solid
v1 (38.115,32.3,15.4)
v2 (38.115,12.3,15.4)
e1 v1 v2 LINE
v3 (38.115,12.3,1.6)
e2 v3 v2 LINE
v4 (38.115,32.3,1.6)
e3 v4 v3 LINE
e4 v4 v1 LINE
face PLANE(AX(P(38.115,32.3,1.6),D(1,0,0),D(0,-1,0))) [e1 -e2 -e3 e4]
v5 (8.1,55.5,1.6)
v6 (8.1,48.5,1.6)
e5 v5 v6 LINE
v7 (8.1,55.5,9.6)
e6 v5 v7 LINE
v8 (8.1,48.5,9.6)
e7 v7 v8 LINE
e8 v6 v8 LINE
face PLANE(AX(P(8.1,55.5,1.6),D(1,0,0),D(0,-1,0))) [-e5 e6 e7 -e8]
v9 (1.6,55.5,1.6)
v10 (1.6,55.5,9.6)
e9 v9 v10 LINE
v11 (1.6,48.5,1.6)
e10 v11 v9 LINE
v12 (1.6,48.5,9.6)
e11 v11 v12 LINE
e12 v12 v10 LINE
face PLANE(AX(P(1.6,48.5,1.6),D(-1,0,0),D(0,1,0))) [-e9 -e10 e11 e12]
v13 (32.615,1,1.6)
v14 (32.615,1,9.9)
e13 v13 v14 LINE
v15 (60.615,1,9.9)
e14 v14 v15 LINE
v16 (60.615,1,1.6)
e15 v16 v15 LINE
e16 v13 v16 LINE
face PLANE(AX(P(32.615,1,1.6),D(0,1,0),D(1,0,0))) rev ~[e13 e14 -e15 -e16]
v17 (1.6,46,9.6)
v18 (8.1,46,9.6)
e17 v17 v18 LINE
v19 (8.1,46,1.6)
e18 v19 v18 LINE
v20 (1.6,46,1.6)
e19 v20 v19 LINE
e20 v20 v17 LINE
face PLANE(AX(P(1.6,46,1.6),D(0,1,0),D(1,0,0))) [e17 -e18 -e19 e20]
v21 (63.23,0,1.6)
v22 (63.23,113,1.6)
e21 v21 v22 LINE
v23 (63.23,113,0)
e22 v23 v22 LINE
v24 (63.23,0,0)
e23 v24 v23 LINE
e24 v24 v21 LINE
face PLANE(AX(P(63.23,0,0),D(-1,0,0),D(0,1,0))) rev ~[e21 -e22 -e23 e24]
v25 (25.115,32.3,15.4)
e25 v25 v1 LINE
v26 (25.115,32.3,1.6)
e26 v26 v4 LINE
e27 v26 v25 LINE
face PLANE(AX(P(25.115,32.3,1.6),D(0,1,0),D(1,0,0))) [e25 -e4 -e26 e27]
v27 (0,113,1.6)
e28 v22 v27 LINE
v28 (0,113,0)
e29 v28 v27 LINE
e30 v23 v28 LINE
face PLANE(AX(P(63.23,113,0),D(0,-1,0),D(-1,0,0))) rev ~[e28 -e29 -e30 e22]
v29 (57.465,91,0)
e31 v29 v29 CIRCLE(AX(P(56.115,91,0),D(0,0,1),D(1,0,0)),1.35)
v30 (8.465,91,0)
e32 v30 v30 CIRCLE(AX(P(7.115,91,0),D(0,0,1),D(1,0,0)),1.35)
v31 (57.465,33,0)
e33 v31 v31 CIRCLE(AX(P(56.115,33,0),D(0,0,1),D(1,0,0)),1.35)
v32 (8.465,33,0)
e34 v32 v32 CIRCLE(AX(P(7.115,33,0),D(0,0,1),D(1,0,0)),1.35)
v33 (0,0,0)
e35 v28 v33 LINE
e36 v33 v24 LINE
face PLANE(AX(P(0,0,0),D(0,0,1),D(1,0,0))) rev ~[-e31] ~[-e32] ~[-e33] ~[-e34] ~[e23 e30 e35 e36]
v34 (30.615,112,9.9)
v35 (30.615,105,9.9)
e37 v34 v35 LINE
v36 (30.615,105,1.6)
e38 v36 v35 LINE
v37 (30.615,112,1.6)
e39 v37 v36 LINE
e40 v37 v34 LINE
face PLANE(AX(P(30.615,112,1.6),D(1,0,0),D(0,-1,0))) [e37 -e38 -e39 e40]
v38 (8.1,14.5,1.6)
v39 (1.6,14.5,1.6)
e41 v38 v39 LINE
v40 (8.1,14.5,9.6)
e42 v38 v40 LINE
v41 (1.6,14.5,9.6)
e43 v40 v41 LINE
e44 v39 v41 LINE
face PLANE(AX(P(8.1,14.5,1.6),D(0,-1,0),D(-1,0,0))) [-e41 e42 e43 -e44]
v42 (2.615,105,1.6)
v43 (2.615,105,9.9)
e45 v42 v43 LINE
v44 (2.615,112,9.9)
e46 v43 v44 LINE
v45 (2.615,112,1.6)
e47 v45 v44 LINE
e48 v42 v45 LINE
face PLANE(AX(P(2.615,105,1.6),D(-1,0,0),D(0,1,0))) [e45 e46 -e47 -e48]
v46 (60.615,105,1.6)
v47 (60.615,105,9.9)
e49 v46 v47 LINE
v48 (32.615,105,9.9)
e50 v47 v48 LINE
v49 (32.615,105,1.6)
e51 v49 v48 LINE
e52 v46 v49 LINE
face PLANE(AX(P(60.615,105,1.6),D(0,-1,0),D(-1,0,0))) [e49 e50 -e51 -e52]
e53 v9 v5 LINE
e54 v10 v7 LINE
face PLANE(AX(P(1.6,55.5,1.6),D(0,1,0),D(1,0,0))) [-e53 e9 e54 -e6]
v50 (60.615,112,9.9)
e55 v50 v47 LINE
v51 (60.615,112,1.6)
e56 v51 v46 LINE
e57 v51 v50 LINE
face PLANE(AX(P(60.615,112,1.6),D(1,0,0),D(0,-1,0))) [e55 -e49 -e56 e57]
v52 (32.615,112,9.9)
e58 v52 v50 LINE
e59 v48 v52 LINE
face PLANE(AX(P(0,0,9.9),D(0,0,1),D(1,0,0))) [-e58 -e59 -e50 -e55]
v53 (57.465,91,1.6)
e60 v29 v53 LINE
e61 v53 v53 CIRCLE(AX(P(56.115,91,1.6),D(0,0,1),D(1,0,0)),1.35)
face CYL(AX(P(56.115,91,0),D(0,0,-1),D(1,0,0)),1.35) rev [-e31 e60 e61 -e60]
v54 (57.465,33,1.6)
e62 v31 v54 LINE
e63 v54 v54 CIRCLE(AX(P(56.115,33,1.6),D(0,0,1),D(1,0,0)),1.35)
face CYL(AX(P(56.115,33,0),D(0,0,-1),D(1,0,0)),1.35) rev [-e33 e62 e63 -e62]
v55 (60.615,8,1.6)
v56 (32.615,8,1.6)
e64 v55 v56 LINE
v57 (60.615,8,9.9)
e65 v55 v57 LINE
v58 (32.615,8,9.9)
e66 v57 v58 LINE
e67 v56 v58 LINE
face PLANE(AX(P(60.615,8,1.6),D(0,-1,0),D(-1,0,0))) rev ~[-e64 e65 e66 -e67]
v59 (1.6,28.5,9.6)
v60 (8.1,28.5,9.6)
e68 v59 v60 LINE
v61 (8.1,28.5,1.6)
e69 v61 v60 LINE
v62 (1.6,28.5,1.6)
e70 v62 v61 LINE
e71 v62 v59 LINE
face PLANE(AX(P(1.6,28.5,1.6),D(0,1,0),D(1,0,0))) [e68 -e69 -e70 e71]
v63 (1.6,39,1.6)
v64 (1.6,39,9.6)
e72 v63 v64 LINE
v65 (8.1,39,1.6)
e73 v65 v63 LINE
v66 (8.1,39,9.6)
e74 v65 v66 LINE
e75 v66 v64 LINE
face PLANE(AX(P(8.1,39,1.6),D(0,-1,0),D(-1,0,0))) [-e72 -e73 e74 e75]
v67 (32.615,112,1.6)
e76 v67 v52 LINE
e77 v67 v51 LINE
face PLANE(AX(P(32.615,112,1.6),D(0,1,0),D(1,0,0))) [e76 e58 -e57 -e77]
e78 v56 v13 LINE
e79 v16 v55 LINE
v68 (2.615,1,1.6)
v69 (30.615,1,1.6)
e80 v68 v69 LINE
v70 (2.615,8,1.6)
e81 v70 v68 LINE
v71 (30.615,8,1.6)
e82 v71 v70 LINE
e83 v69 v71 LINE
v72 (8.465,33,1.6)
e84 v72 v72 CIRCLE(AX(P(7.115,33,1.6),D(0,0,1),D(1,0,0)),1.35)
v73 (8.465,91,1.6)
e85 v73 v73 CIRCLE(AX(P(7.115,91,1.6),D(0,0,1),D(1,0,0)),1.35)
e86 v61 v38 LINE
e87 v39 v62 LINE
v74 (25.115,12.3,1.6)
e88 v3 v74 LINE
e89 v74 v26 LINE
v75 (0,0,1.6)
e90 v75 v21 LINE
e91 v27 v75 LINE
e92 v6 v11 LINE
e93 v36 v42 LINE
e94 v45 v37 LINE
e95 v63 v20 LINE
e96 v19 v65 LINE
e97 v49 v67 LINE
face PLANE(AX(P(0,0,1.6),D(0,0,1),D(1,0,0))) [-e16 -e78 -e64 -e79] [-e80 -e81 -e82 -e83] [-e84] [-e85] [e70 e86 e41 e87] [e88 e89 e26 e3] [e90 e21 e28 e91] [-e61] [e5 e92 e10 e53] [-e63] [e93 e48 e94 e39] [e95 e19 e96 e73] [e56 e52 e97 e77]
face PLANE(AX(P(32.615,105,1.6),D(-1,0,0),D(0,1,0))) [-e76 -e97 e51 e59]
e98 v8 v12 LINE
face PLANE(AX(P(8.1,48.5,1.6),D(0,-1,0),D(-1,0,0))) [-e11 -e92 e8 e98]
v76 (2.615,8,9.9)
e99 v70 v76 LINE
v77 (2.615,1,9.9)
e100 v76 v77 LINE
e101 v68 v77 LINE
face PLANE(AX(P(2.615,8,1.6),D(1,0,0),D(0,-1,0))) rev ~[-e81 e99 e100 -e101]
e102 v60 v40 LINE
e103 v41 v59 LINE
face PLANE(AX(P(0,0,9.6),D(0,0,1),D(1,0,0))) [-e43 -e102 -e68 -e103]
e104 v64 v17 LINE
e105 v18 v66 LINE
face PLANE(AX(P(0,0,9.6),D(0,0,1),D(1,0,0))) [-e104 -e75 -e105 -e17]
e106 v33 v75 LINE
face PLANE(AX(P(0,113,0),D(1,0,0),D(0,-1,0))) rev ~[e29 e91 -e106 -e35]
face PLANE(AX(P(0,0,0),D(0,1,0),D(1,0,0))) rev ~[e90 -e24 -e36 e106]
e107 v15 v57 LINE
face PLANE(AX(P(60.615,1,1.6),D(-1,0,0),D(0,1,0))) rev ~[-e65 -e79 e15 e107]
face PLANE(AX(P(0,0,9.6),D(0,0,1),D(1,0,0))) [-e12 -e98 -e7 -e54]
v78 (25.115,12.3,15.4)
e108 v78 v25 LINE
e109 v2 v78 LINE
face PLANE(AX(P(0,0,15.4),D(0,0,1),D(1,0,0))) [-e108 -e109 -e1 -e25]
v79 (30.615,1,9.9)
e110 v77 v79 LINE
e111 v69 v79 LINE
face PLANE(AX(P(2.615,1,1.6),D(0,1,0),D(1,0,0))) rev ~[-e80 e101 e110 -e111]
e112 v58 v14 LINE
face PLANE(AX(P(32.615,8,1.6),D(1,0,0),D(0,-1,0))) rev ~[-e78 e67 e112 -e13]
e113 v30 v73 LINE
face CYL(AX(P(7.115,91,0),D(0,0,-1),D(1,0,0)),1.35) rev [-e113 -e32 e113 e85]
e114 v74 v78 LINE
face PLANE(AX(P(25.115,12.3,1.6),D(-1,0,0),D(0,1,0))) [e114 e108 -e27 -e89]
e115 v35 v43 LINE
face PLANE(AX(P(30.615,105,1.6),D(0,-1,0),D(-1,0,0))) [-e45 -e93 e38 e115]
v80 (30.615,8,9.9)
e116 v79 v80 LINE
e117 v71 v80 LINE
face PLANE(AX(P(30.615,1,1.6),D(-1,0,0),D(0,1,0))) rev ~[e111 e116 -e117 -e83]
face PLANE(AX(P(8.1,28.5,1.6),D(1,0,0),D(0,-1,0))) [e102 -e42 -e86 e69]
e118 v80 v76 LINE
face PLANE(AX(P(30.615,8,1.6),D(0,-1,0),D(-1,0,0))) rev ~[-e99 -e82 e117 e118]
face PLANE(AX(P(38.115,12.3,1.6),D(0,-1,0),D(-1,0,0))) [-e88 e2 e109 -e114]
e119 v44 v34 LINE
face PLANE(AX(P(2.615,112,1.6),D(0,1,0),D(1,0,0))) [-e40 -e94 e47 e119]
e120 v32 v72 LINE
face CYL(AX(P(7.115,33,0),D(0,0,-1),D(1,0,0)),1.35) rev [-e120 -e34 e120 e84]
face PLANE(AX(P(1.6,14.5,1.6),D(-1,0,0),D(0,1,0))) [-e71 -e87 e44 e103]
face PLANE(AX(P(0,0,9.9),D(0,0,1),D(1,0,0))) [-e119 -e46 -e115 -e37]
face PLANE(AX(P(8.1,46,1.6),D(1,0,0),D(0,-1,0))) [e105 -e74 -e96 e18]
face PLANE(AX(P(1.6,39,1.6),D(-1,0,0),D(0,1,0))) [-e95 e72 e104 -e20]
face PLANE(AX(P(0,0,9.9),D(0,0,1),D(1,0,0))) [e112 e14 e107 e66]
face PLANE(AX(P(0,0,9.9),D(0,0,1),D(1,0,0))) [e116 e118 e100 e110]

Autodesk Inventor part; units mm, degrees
ref_plane "YZ Plane" through (0, 0, 0) normal (1, 0, 0) x (0, 1, 0)
ref_plane "XZ Plane" through (0, 0, 0) normal (0, 1, 0) x (-1, 0, 0)
ref_plane "XY Plane" through (0, 0, 0) normal (0, 0, 1) x (1, 0, 0)
sketch "Sketch1" plane through (0, 0, 0) normal (0, 0, 1) x (1, 0, 0)
  line L0 (0, 0) -> (63.23, 0)
  line L1 (63.23, 0) -> (63.23, 113)
  line L2 (63.23, 113) -> (0, 113)
  line L3 (0, 113) -> (0, 0)
  line L4 (7.115, 91) -> (56.115, 91) construction
  line L5 (56.115, 91) -> (56.115, 33) construction
  line L6 (56.115, 33) -> (7.115, 33) construction
  line L7 (7.115, 33) -> (7.115, 91) construction
  circle A0 centre (7.115, 91) radius 1.35
  circle A1 centre (56.115, 91) radius 1.35
  circle A2 centre (56.115, 33) radius 1.35
  circle A3 centre (7.115, 33) radius 1.35
  point P0 (31.615, 91)
  point P1 (31.615, 113)
  dimension "d0" = 63.23
  dimension "d1" = 113
  dimension "d2" = 49
  dimension "d3" = 58
  dimension "d4" = 2.7
  dimension "d5" = 22
extrude "Extrusion1" add sketch "Sketch1" along normal blind 1.6
sketch "Sketch2" plane through (0, 0, 1.6) normal (0, 0, 1) x (1, 0, 0)
  point P0 (0, 0)
sketch "Sketch3" plane through (0, 0, 1.6) normal (0, 0, 1) x (1, 0, 0)
  line L0 (2.615, 112) -> (30.615, 112)
  line L1 (30.615, 112) -> (30.615, 105)
  line L2 (30.615, 105) -> (2.615, 105)
  line L3 (2.615, 105) -> (2.615, 112)
  line L4 (32.615, 112) -> (60.615, 112)
  line L5 (60.615, 112) -> (60.615, 105)
  line L6 (60.615, 105) -> (32.615, 105)
  line L7 (32.615, 105) -> (32.615, 112)
  line L8 (2.615, 1) -> (30.615, 1)
  line L9 (30.615, 1) -> (30.615, 8)
  line L10 (30.615, 8) -> (2.615, 8)
  line L11 (2.615, 8) -> (2.615, 1)
  line L12 (32.615, 1) -> (60.615, 1)
  line L13 (60.615, 1) -> (60.615, 8)
  line L14 (60.615, 8) -> (32.615, 8)
  line L15 (32.615, 8) -> (32.615, 1)
  line L16 (63.23, 113) -> (0, 113) construction
  line L17 (0, 0) -> (63.23, 0) construction
  line L18 (0, 113) -> (0, 0) construction
  dimension "d8" = 28
  dimension "d9" = 2
  dimension "d10" = 2
  dimension "d11" = 7
  dimension "d12" = 1
  dimension "d13" = 1
  dimension "d14" = 63.23
  dimension "d15" = 2.615
  dimension "d16" = 2.615
extrude "Extrusion2" add sketch "Sketch3" along normal blind 8.3
sketch "Sketch4" plane through (0, 0, 1.6) normal (0, 0, 1) x (1, 0, 0)
  line L0 (1.6, 28.5) -> (8.1, 28.5)
  line L1 (8.1, 28.5) -> (8.1, 14.5)
  line L2 (8.1, 14.5) -> (1.6, 14.5)
  line L3 (1.6, 14.5) -> (1.6, 28.5)
  line L4 (0, 0) -> (63.23, 0) construction
  line L5 (0, 113) -> (0, 0) projected
  line L6 (1.6, 55.5) -> (8.1, 55.5)
  line L7 (8.1, 55.5) -> (8.1, 48.5)
  line L8 (8.1, 48.5) -> (1.6, 48.5)
  line L9 (1.6, 48.5) -> (1.6, 55.5)
  line L10 (1.6, 46) -> (8.1, 46)
  line L11 (8.1, 46) -> (8.1, 39)
  line L12 (8.1, 39) -> (1.6, 39)
  line L13 (1.6, 39) -> (1.6, 46)
  dimension "d19" = 6.5
  dimension "d20" = 14
  dimension "d21" = 28.5
  dimension "d22" = 1.6
  dimension "d30" = 7
  dimension "d31" = 7
  dimension "d32" = 10.5
  dimension "d33" = 2.5
extrude "Extrusion3" add sketch "Sketch4" along normal blind 8
sketch "Sketch5" plane through (0, 0, 1.6) normal (0, 0, 1) x (1, 0, 0)
  line L0 (25.115, 32.3) -> (38.115, 32.3)
  line L1 (38.115, 32.3) -> (38.115, 12.3)
  line L2 (38.115, 12.3) -> (25.115, 12.3)
  line L3 (25.115, 12.3) -> (25.115, 32.3)
  line L4 (0, 0) -> (63.23, 0) construction
  point P0 (31.615, 12.3)
  point P1 (31.615, 0)
  dimension "d25" = 12.3
  dimension "d26" = 13
  dimension "d27" = 20
extrude "Extrusion4" add sketch "Sketch5" along normal blind 13.8
equation "\"d10\" = d9"
equation "\"d13\" = d12"
equation "\"d15\" = -0.5 * d9 + 0.5 * d14 - d8"
equation "\"d16\" = d15"
equation "\"d31\" = d30"
properties part number "PCB"
